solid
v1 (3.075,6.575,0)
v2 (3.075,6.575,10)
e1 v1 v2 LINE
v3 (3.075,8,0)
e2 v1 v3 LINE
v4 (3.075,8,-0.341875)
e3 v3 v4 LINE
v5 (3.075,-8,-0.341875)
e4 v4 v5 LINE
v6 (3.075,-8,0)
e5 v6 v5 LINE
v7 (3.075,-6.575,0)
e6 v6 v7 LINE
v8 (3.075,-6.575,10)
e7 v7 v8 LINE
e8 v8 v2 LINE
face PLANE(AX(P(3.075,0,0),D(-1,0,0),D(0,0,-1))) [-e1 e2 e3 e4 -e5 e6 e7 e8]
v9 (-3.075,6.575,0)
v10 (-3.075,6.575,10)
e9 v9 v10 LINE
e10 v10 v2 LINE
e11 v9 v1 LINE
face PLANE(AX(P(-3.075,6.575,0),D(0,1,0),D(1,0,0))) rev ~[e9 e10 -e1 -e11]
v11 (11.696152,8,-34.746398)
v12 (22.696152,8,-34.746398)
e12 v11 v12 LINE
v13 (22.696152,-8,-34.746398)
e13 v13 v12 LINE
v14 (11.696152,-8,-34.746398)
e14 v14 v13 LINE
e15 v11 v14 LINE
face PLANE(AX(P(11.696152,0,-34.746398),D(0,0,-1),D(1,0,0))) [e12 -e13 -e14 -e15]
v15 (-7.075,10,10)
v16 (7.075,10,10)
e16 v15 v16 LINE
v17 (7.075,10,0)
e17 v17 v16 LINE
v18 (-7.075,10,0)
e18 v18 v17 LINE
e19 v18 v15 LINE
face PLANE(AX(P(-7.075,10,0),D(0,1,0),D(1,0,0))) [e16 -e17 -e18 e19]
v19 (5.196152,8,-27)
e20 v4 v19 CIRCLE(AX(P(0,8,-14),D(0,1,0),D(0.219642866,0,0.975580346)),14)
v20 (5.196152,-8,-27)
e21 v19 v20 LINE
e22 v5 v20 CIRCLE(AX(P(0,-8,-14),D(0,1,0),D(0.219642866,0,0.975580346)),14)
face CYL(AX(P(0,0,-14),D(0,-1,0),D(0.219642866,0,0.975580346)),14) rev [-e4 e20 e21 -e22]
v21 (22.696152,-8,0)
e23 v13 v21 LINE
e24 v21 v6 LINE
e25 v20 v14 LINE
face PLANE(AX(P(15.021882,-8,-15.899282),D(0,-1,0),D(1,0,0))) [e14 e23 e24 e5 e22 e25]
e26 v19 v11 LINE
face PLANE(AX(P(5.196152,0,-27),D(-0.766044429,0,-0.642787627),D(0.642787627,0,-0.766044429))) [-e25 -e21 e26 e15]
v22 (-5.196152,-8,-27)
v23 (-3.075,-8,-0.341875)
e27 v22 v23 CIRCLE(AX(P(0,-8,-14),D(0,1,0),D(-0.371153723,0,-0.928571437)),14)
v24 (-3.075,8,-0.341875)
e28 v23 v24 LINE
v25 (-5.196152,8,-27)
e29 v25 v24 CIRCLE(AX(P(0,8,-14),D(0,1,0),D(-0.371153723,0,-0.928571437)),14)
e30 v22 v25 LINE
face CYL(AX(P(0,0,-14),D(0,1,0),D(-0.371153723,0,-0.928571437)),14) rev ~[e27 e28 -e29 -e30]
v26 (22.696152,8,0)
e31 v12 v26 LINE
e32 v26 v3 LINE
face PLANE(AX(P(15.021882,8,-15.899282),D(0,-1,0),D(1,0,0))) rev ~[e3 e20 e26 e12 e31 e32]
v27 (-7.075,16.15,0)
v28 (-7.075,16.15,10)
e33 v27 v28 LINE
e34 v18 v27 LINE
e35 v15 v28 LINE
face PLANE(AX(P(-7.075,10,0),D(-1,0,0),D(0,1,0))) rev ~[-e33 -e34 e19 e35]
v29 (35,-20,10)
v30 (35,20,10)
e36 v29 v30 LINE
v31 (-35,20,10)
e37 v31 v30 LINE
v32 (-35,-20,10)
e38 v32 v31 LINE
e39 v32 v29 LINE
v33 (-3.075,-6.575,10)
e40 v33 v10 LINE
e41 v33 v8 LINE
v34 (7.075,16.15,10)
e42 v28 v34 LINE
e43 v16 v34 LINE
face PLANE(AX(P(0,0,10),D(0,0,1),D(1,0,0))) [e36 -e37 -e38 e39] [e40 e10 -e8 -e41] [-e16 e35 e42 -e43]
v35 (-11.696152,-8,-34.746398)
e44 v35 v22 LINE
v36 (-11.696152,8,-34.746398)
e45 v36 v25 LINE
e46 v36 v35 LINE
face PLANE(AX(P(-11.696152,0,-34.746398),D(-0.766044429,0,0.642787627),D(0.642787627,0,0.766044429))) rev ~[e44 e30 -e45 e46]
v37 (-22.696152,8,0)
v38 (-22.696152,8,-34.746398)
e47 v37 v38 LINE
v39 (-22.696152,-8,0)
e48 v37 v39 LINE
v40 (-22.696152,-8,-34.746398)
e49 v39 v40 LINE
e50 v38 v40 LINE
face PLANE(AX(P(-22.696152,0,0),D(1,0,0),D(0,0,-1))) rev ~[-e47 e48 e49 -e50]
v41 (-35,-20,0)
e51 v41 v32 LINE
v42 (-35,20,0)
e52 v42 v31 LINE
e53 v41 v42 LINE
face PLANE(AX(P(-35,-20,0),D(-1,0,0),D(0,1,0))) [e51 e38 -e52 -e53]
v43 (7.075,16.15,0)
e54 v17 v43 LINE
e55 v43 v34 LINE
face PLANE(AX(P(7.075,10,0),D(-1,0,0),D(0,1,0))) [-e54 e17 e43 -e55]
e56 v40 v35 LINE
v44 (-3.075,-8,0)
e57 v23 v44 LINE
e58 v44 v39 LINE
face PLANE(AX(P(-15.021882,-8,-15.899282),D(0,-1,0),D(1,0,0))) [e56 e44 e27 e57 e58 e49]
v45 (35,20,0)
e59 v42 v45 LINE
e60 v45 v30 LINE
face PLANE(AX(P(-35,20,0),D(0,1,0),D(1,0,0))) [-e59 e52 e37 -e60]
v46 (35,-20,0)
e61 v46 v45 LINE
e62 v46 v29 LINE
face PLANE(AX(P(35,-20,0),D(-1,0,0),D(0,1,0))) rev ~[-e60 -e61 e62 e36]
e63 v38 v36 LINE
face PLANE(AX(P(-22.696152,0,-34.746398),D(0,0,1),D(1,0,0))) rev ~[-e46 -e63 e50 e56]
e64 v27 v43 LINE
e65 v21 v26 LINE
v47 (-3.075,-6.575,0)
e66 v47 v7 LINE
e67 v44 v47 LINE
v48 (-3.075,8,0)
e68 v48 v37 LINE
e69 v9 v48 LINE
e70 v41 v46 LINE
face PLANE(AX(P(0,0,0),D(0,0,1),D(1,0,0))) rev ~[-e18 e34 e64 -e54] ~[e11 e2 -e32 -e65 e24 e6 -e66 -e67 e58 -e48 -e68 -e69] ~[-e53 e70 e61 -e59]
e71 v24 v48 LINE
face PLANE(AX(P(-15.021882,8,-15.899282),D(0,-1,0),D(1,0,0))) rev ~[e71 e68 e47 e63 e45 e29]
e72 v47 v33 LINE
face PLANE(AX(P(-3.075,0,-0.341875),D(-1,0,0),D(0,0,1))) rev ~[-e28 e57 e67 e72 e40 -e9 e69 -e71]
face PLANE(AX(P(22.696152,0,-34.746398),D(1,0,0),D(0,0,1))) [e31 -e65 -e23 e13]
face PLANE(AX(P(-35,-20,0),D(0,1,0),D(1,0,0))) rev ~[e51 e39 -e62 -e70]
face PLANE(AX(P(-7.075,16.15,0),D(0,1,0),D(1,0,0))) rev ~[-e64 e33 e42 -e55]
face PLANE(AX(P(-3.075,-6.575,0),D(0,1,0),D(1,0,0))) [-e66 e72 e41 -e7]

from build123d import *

# Parameters (mm, degrees)
F0_W     = 70
F0_H     = 40
F0_W_2   = 6.15
F0_H_2   = 13.15
F0_W_3   = 14.15
F0_H_3   = 6.15
F1_DEPTH = 10
F3_DEPTH = 8


with BuildPart() as f1:
    # F0 (on Top) → F1 (new body)
    with BuildSketch(Plane.XY):
        Rectangle(F0_W, F0_H)
        Rectangle(F0_W_2, F0_H_2, mode=Mode.SUBTRACT)
        with Locations((0, 13.075)):
            Rectangle(F0_W_3, F0_H_3, mode=Mode.SUBTRACT)
    extrude(amount=F1_DEPTH)

    # F2 (on Front) → F3 (join, symmetric)
    with BuildSketch(Plane.XZ):
        with BuildLine():
            Line((-3.075, 0), (-22.696152, 0))
            Line((-22.696152, 0), (-22.696152, -34.746398))
            Line((-22.696152, -34.746398), (-11.696152, -34.746398))
            Line((-11.696152, -34.746398), (-5.196152, -27))
            ThreePointArc((-5.196152, -27), (-13.955891, -12.889548), (-3.075, -0.341875))
            Line((-3.075, -0.341875), (-3.075, 0))
        make_face()
        with BuildLine():
            Line((3.075, 0), (3.075, -0.341875))
            ThreePointArc((3.075, -0.341875), (13.955891, -12.889548), (5.196152, -27))
            Line((5.196152, -27), (11.696152, -34.746398))
            Line((11.696152, -34.746398), (22.696152, -34.746398))
            Line((22.696152, -34.746398), (22.696152, 0))
            Line((22.696152, 0), (3.075, 0))
        make_face()
    extrude(amount=F3_DEPTH, both=True)


solid = f1.part
